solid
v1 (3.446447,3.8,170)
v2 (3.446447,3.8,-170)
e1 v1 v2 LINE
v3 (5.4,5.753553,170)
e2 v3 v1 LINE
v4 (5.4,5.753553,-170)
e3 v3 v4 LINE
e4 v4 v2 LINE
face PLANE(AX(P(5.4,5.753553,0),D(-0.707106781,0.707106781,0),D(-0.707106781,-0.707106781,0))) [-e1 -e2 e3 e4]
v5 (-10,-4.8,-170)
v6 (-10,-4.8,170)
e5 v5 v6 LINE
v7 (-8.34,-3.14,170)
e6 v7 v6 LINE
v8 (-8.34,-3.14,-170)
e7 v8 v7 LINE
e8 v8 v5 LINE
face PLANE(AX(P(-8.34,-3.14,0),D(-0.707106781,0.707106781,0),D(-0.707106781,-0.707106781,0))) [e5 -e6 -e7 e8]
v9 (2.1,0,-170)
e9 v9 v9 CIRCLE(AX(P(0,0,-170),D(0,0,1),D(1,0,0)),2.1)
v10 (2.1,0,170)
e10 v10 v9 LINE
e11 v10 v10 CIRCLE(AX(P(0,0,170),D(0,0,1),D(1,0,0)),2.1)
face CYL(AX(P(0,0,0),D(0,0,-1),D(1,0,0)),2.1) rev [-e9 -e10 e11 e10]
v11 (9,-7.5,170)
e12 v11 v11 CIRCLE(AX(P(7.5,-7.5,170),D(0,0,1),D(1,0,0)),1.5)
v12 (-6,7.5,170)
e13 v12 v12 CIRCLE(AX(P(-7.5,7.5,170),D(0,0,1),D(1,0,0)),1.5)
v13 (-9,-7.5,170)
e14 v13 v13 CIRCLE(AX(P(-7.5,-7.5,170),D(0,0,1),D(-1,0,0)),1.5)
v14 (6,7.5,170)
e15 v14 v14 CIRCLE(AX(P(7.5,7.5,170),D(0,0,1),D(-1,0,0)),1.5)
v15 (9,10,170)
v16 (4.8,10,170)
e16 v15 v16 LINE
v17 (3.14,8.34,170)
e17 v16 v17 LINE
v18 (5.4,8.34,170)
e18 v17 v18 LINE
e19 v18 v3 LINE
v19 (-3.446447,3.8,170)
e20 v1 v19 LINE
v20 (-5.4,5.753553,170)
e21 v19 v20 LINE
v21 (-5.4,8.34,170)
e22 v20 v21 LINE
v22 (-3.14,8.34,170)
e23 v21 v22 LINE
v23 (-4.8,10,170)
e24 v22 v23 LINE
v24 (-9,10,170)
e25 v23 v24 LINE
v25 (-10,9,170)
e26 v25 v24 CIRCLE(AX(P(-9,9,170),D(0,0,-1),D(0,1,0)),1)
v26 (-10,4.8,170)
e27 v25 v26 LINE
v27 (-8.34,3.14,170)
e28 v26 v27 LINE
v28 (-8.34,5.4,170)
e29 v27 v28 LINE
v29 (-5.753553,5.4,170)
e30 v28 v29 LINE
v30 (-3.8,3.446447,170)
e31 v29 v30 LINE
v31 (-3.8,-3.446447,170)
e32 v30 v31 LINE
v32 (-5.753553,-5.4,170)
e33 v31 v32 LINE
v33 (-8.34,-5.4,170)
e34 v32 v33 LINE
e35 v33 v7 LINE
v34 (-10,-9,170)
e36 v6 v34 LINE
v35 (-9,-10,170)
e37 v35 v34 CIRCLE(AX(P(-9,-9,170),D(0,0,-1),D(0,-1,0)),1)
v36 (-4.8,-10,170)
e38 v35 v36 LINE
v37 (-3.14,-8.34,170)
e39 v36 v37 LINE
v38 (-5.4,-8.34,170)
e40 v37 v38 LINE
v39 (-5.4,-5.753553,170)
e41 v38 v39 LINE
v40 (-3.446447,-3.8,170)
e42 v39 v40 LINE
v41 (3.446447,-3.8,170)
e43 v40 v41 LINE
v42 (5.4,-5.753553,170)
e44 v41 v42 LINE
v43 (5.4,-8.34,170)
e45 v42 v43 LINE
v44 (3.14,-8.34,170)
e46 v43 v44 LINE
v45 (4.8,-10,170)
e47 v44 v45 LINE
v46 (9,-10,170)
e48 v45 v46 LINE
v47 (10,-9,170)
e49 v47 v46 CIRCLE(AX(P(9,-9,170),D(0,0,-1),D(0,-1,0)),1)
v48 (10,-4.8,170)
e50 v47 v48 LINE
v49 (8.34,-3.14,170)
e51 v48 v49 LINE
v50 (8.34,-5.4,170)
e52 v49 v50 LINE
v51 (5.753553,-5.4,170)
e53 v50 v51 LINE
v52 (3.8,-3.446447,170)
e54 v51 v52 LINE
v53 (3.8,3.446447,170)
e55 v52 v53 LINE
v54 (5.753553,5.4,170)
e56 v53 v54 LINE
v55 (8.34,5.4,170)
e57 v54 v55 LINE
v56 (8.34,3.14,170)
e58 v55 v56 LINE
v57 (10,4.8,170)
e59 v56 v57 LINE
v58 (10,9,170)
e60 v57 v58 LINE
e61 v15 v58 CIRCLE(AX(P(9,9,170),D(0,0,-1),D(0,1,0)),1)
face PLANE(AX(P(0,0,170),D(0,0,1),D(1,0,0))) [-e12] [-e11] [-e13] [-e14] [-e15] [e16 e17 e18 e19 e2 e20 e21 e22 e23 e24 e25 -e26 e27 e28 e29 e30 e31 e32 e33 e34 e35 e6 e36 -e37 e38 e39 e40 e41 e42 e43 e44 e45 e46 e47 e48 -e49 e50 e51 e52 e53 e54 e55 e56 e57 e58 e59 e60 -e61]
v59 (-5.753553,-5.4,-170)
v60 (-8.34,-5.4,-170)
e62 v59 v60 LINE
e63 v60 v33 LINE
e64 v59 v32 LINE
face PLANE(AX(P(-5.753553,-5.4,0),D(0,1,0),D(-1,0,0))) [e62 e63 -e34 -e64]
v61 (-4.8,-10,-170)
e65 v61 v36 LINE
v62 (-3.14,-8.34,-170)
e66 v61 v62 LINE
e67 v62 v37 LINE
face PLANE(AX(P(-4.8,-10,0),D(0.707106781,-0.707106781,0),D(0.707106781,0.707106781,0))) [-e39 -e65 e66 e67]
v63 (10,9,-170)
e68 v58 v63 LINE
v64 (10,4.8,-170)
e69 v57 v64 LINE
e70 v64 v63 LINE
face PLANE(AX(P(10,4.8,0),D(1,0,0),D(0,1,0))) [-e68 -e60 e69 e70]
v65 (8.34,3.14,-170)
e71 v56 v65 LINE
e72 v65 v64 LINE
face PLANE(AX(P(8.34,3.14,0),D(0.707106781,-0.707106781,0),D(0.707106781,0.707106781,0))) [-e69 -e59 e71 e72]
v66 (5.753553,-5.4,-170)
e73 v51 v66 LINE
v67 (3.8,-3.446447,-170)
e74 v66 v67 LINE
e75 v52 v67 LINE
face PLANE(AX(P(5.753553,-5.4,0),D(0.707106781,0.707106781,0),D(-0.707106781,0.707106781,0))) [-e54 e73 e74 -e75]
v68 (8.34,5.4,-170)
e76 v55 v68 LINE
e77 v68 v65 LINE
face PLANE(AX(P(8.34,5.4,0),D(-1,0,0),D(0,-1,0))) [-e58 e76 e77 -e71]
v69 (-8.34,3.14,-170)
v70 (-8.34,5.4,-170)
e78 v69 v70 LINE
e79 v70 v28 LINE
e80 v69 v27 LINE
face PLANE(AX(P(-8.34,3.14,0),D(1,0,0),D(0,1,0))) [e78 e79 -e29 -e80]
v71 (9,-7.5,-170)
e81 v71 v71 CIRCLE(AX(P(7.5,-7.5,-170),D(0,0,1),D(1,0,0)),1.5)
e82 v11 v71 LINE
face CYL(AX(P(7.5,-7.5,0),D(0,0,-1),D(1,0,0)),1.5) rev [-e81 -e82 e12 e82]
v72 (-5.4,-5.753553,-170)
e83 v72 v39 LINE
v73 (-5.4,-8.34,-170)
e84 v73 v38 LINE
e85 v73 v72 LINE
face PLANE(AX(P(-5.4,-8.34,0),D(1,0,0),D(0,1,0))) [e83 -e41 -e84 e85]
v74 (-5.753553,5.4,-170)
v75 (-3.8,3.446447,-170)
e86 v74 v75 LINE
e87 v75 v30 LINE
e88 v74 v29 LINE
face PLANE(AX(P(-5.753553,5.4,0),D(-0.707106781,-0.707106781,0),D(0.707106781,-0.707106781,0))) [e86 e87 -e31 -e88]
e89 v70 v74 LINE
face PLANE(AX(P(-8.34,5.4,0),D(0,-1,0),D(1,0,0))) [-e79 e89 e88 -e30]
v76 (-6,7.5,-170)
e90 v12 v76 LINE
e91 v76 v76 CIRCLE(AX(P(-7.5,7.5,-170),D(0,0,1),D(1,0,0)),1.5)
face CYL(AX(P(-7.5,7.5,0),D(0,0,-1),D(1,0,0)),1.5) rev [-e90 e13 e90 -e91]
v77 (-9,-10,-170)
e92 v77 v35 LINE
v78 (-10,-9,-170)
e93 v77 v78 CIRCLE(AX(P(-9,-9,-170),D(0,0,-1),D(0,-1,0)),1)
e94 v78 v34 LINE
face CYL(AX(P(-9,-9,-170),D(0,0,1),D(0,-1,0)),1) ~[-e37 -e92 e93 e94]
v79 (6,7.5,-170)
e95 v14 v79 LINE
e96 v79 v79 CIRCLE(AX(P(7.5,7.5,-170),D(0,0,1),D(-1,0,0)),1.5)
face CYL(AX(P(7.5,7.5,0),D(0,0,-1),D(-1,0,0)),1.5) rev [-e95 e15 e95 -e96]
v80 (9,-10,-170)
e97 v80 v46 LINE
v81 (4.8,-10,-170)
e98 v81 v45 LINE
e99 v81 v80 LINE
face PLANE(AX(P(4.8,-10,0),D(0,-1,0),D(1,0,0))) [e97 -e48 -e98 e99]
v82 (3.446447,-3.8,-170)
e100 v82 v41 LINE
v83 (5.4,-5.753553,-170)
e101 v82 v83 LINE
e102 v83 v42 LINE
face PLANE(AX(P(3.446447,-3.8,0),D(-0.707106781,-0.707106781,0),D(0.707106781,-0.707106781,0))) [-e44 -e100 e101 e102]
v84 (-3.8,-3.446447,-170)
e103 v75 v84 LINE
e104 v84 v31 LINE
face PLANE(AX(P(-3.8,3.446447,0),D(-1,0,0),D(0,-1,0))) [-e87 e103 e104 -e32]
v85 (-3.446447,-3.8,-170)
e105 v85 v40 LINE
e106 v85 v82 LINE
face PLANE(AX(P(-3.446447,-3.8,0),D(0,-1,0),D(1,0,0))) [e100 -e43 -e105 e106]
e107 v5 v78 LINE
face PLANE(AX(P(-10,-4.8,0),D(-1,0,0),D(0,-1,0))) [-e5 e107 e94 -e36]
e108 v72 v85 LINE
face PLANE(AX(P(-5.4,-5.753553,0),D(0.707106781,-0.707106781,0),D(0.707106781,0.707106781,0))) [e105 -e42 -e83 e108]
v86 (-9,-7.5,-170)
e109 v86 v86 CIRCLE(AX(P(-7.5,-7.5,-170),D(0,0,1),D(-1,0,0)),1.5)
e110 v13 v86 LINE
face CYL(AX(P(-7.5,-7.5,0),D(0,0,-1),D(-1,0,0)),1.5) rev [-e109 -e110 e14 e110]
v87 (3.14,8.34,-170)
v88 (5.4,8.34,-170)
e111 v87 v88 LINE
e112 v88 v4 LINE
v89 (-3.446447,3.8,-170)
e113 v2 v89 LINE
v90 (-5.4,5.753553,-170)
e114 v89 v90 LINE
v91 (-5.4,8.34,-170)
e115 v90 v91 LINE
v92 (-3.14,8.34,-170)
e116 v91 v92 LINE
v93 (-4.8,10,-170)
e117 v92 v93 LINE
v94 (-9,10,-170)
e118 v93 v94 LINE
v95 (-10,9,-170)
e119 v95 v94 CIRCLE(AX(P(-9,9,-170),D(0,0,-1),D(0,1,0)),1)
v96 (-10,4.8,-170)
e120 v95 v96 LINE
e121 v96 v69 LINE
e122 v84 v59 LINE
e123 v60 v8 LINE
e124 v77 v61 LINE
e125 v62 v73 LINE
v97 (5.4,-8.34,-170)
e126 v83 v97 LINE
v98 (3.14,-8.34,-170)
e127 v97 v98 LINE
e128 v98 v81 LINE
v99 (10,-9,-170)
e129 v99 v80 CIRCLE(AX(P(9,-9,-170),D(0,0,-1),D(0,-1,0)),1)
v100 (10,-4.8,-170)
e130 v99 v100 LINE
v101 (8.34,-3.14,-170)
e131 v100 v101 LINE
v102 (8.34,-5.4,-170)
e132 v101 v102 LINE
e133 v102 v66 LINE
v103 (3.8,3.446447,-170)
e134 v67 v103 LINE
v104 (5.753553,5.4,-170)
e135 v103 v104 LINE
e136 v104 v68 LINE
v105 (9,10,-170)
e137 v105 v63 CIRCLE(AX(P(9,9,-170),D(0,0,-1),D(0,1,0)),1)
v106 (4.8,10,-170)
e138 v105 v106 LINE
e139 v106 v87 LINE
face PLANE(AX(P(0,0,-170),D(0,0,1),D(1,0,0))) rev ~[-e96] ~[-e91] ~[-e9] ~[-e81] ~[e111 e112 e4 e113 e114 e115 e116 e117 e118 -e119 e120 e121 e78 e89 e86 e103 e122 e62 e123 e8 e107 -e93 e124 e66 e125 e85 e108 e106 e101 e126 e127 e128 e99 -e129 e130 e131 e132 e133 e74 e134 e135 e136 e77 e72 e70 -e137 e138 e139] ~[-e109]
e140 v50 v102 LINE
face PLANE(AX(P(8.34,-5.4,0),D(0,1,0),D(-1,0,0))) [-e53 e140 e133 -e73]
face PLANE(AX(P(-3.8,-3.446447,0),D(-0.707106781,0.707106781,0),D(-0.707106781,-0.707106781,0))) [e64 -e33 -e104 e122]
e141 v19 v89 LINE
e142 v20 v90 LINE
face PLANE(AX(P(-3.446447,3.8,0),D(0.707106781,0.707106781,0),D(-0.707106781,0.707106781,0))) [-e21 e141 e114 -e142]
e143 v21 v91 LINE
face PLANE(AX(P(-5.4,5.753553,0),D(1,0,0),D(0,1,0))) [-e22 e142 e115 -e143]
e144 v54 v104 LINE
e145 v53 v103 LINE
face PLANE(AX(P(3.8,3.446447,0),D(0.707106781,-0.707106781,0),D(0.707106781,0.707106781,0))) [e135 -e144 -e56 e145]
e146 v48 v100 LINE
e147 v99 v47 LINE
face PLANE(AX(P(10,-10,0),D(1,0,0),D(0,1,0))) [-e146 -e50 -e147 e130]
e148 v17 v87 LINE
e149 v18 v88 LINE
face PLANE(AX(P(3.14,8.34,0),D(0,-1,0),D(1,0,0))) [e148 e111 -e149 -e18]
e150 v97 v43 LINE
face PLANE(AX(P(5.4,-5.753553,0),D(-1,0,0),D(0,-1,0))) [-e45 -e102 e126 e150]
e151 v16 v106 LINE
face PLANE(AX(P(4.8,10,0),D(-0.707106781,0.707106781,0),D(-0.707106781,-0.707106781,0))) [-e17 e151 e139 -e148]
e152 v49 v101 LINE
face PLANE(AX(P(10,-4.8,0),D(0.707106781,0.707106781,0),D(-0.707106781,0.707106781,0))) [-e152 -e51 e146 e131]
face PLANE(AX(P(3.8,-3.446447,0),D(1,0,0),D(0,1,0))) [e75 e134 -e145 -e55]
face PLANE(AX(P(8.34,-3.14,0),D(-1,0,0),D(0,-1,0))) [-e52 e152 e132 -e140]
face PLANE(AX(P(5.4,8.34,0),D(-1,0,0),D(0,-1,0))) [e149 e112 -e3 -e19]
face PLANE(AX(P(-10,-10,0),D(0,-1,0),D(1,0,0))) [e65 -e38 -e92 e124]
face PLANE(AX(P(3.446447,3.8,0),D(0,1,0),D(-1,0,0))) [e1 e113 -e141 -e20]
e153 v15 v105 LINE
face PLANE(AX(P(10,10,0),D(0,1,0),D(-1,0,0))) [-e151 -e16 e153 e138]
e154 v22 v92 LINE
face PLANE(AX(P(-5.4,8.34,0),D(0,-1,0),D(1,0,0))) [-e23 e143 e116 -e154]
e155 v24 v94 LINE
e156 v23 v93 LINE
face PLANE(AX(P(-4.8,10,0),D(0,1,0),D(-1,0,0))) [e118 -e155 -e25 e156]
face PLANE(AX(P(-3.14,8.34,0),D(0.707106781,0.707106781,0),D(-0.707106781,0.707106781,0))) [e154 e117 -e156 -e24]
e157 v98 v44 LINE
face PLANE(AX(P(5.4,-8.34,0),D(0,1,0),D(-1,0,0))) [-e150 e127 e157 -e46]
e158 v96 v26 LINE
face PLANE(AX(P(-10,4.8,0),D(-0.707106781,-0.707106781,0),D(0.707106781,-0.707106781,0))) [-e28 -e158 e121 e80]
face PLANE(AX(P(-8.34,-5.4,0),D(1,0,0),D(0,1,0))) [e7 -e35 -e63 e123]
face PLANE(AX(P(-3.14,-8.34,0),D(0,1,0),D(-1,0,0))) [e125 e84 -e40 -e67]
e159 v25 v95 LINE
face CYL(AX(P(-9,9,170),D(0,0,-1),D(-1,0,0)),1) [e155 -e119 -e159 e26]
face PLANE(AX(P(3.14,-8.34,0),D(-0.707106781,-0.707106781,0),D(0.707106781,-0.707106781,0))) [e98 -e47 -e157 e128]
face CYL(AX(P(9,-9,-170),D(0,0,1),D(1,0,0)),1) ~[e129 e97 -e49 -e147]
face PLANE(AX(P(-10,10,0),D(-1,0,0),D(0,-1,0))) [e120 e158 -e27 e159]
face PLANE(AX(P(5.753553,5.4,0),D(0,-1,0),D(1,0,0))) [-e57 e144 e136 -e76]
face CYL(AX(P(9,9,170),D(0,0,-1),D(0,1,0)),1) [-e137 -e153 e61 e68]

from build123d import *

# Parameters (mm, degrees)
SKETCH_1_R      = 1.5
SKETCH_1_R_2    = 2.1
EXTRUDE_1_DEPTH = 170
FILLET_1_R      = 1


with BuildPart() as part:
    # 草图1 → 凸台-拉伸1 (new, symmetric)
    with BuildSketch(Plane.XY):
        Polygon((-10, 10), (-10, 4.8), (-8.34, 3.14), (-8.34, 5.4), (-5.753553391, 5.4), (-3.8, 3.446446609), (-3.8, -3.446446609), (-5.753553391, -5.4), (-8.34, -5.4), (-8.34, -3.14), (-10, -4.8), (-10, -10), (-4.8, -10), (-3.14, -8.34), (-5.4, -8.34), (-5.4, -5.753553391), (-3.446446609, -3.8), (3.446446609, -3.8), (5.4, -5.753553391), (5.4, -8.34), (3.14, -8.34), (4.8, -10), (10, -10), (10, -4.8), (8.34, -3.14), (8.34, -5.4), (5.753553391, -5.4), (3.8, -3.446446609), (3.8, 3.446446609), (5.753553391, 5.4), (8.34, 5.4), (8.34, 3.14), (10, 4.8), (10, 10), (4.8, 10), (3.14, 8.34), (5.4, 8.34), (5.4, 5.753553391), (3.446446609, 3.8), (-3.446446609, 3.8), (-5.4, 5.753553391), (-5.4, 8.34), (-3.14, 8.34), (-4.8, 10), align=None)
        with Locations((-7.5, 7.5)):
            Circle(SKETCH_1_R, mode=Mode.SUBTRACT)
        Circle(SKETCH_1_R_2, mode=Mode.SUBTRACT)
        with Locations(Location((-7.5, -7.5, 0), (0, 0, 180))):
            Circle(SKETCH_1_R, mode=Mode.SUBTRACT)
        with Locations((7.5, -7.5)):
            Circle(SKETCH_1_R, mode=Mode.SUBTRACT)
        with Locations(Location((7.5, 7.5, 0), (0, 0, 180))):
            Circle(SKETCH_1_R, mode=Mode.SUBTRACT)
    extrude(amount=EXTRUDE_1_DEPTH, both=True)

    # 圆角1
    fillet_1_edges = [part.edges().sort_by_distance(p)[0] for p in [
        (10, 10, 0),
        (10, -10, 0),
        (-10, -10, 0),
        (-10, 10, 0),
    ]]
    fillet(fillet_1_edges, radius=FILLET_1_R)


solid = part.part
